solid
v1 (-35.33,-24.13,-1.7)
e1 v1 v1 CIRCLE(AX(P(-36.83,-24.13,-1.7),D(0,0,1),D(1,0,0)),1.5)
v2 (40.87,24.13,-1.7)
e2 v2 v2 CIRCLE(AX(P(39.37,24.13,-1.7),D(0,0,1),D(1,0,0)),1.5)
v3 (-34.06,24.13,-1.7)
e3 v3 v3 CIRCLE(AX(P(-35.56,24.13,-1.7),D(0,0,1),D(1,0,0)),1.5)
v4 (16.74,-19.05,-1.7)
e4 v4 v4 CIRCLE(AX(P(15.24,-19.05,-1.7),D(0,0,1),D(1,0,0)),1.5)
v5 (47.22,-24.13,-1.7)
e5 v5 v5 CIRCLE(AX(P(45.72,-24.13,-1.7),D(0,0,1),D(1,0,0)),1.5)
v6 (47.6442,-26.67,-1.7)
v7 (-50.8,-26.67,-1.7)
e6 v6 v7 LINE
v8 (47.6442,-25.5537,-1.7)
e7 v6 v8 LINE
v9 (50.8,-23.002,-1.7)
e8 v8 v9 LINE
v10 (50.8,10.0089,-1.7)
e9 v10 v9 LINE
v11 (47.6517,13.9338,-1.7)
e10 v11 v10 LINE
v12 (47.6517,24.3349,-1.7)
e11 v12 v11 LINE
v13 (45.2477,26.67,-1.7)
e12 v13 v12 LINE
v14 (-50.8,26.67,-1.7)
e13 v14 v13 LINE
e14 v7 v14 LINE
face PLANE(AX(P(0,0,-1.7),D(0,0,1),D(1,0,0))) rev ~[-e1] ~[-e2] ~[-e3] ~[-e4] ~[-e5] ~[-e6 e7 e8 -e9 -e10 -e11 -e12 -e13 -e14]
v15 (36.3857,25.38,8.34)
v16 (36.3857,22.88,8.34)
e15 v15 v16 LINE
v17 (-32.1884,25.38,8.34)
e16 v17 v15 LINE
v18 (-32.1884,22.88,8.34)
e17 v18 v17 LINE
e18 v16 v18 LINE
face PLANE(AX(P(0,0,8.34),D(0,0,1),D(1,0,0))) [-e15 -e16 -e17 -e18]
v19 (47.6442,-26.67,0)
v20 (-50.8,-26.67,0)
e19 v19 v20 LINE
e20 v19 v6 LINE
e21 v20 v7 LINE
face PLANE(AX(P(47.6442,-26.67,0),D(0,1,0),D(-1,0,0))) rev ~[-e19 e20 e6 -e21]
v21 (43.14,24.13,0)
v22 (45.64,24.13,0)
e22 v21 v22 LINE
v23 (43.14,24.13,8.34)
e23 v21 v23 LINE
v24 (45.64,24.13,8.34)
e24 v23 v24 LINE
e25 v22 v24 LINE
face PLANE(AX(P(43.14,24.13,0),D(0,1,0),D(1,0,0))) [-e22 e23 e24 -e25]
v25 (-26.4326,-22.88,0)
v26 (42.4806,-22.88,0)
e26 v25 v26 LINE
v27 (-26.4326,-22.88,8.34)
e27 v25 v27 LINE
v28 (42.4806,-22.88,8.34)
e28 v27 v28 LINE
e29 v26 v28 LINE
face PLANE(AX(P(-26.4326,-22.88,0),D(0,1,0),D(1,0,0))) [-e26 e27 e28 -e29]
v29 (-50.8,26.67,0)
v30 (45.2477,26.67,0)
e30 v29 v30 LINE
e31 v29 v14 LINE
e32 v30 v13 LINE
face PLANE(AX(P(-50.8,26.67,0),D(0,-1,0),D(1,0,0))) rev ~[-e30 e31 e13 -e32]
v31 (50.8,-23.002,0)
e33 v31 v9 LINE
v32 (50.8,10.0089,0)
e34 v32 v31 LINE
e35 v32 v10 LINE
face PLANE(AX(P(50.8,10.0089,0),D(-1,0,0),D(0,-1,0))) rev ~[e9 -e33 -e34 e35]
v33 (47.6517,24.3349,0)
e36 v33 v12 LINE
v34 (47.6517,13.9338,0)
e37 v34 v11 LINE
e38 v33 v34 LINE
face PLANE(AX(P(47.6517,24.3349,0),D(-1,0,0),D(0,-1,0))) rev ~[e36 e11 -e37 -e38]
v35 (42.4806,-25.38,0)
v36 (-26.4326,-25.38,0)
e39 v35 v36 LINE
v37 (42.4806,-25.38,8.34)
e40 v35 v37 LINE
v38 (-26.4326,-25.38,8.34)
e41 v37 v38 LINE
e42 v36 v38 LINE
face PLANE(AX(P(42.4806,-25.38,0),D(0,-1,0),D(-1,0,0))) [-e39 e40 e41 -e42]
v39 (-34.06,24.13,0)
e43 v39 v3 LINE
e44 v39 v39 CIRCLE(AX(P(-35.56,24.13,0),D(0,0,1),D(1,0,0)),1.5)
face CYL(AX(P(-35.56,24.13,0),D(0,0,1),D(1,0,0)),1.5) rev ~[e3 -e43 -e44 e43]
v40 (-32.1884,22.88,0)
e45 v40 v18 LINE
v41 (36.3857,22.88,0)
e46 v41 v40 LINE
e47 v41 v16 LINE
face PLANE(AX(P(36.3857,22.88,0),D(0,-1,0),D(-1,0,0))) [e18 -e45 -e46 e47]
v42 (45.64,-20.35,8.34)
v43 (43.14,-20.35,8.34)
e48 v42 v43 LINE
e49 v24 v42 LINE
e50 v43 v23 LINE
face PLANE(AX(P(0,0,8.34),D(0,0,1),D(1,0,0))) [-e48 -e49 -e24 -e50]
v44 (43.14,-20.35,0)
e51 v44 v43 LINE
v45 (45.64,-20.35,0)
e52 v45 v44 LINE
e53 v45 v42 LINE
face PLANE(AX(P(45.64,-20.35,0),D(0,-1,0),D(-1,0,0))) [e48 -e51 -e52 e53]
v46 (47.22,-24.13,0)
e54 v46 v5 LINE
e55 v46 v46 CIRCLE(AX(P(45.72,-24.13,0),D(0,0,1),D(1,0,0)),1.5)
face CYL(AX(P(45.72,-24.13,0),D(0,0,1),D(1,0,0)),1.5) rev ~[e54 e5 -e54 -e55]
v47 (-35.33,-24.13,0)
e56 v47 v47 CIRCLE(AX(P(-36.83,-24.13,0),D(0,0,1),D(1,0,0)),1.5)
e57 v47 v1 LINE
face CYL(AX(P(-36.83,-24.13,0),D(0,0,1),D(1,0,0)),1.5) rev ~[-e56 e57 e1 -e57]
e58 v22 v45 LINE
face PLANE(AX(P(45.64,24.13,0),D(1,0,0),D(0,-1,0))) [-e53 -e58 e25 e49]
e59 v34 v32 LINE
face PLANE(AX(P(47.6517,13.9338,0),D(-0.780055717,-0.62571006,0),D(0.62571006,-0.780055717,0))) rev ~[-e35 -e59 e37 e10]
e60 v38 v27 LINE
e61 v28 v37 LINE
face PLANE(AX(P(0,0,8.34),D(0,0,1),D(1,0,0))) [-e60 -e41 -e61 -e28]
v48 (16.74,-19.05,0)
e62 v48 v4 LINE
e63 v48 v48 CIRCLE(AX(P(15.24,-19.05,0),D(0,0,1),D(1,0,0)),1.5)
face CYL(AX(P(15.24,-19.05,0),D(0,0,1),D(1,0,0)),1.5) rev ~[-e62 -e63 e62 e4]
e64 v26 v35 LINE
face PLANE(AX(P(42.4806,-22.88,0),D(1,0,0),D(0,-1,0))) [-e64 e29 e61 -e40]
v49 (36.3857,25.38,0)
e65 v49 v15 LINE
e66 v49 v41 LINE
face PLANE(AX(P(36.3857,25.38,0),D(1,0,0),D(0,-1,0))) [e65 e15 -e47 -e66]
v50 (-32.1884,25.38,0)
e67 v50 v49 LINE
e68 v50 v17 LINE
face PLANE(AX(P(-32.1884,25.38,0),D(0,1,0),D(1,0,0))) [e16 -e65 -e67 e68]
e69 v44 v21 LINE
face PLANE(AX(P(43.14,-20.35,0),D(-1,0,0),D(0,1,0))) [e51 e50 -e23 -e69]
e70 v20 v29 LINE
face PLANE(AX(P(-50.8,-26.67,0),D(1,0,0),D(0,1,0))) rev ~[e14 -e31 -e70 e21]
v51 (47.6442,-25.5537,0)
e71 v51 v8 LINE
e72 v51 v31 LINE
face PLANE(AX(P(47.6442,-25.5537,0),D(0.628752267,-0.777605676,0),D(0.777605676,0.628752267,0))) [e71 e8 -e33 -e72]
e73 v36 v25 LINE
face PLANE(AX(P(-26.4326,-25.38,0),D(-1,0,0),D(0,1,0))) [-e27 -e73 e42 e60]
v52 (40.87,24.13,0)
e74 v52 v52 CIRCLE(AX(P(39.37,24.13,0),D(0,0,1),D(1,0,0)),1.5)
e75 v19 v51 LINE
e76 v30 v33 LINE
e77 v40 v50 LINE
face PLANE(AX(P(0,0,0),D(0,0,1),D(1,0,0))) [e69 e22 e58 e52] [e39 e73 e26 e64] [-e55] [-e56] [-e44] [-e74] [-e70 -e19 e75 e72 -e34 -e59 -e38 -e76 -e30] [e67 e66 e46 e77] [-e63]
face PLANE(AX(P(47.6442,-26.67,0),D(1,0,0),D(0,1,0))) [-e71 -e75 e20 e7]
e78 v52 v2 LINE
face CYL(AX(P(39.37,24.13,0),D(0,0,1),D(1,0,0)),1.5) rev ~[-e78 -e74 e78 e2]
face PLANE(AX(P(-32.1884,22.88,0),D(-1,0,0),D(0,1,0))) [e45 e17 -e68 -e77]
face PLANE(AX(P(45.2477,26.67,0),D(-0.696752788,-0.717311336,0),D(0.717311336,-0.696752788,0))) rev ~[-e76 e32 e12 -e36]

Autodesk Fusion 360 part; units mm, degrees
sketch "Boceto1" plane through (0, 0, 0) normal (0, 0, 1) x (1, 0, 0)
  line L0 (-50.8, 26.67) -> (50.8, 26.67)
  line L1 (50.8, 26.67) -> (50.8, -26.67)
  line L2 (50.8, -26.67) -> (-50.8, -26.67)
  line L3 (-50.8, -26.67) -> (-50.8, 26.67)
  line L4 (-50.8, 0) -> (50.8, 0) construction
  circle A0 centre (-35.56, 24.13) radius 1.5
  circle A1 centre (39.37, 24.13) radius 1.5
  circle A2 centre (45.72, -24.13) radius 1.5
  circle A3 centre (-36.83, -24.13) radius 1.5
  circle A4 centre (15.24, -19.05) radius 1.5
  line L5 (45.2477, 26.67) -> (47.6517, 24.3349)
  line L6 (47.6517, 24.3349) -> (47.6517, 13.9338)
  line L7 (47.6517, 13.9338) -> (50.8, 10.0089)
  line L8 (47.6442, -26.67) -> (47.6442, -25.5537)
  line L9 (47.6442, -25.5537) -> (50.8, -23.002)
  line L10 (-32.1884, 25.38) -> (36.3857, 25.38)
  line L11 (36.3857, 25.38) -> (36.3857, 22.88)
  line L12 (36.3857, 22.88) -> (-32.1884, 22.88)
  line L13 (-32.1884, 22.88) -> (-32.1884, 25.38)
  line L14 (-32.1884, 25.38) -> (36.3857, 22.88) construction
  line L15 (36.3857, 25.38) -> (-32.1884, 22.88) construction
  line L16 (43.14, 24.13) -> (45.64, 24.13)
  line L17 (45.64, 24.13) -> (45.64, -20.35)
  line L18 (45.64, -20.35) -> (43.14, -20.35)
  line L19 (43.14, -20.35) -> (43.14, 24.13)
  line L20 (43.14, 24.13) -> (45.64, -20.35) construction
  line L21 (45.64, 24.13) -> (43.14, -20.35) construction
  line L22 (-26.4326, -22.88) -> (42.4806, -22.88)
  line L23 (42.4806, -22.88) -> (42.4806, -25.38)
  line L24 (42.4806, -25.38) -> (-26.4326, -25.38)
  line L25 (-26.4326, -25.38) -> (-26.4326, -22.88)
  line L26 (-26.4326, -22.88) -> (42.4806, -25.38) construction
  line L27 (42.4806, -22.88) -> (-26.4326, -25.38) construction
  point P0 (2.0986, 24.13)
  point P1 (44.39, 1.89)
  point P2 (8.024, -24.13)
  dimension "d2" = 53.34
  dimension "d3" = 101.6
  dimension "d4" = 13.97
  dimension "d5" = 15.24
  dimension "d7" = 2.54
  dimension "d8" = 50.8
  dimension "d9" = 96.52
  dimension "d10" = 90.17
  dimension "d11" = 7.62
  dimension "d12" = 66.04
  dimension "d13" = 3
  dimension "d17" = 2.5
  dimension "d18" = 2.5
  dimension "d19" = 2.5
extrude "Extruir1" add sketch "Boceto1" against normal blind 1.7 contours L0 L1 L2 L3 L5 L6 L7 L8 L9 | L10 L11 L12 L13 | L16 L17 L18 L19 | L22 L23 L24 L25
extrude "Extruir2" add sketch "Boceto1" along normal blind 8.34 contours L10 L11 L12 L13 | L16 L17 L18 L19 | L22 L23 L24 L25
